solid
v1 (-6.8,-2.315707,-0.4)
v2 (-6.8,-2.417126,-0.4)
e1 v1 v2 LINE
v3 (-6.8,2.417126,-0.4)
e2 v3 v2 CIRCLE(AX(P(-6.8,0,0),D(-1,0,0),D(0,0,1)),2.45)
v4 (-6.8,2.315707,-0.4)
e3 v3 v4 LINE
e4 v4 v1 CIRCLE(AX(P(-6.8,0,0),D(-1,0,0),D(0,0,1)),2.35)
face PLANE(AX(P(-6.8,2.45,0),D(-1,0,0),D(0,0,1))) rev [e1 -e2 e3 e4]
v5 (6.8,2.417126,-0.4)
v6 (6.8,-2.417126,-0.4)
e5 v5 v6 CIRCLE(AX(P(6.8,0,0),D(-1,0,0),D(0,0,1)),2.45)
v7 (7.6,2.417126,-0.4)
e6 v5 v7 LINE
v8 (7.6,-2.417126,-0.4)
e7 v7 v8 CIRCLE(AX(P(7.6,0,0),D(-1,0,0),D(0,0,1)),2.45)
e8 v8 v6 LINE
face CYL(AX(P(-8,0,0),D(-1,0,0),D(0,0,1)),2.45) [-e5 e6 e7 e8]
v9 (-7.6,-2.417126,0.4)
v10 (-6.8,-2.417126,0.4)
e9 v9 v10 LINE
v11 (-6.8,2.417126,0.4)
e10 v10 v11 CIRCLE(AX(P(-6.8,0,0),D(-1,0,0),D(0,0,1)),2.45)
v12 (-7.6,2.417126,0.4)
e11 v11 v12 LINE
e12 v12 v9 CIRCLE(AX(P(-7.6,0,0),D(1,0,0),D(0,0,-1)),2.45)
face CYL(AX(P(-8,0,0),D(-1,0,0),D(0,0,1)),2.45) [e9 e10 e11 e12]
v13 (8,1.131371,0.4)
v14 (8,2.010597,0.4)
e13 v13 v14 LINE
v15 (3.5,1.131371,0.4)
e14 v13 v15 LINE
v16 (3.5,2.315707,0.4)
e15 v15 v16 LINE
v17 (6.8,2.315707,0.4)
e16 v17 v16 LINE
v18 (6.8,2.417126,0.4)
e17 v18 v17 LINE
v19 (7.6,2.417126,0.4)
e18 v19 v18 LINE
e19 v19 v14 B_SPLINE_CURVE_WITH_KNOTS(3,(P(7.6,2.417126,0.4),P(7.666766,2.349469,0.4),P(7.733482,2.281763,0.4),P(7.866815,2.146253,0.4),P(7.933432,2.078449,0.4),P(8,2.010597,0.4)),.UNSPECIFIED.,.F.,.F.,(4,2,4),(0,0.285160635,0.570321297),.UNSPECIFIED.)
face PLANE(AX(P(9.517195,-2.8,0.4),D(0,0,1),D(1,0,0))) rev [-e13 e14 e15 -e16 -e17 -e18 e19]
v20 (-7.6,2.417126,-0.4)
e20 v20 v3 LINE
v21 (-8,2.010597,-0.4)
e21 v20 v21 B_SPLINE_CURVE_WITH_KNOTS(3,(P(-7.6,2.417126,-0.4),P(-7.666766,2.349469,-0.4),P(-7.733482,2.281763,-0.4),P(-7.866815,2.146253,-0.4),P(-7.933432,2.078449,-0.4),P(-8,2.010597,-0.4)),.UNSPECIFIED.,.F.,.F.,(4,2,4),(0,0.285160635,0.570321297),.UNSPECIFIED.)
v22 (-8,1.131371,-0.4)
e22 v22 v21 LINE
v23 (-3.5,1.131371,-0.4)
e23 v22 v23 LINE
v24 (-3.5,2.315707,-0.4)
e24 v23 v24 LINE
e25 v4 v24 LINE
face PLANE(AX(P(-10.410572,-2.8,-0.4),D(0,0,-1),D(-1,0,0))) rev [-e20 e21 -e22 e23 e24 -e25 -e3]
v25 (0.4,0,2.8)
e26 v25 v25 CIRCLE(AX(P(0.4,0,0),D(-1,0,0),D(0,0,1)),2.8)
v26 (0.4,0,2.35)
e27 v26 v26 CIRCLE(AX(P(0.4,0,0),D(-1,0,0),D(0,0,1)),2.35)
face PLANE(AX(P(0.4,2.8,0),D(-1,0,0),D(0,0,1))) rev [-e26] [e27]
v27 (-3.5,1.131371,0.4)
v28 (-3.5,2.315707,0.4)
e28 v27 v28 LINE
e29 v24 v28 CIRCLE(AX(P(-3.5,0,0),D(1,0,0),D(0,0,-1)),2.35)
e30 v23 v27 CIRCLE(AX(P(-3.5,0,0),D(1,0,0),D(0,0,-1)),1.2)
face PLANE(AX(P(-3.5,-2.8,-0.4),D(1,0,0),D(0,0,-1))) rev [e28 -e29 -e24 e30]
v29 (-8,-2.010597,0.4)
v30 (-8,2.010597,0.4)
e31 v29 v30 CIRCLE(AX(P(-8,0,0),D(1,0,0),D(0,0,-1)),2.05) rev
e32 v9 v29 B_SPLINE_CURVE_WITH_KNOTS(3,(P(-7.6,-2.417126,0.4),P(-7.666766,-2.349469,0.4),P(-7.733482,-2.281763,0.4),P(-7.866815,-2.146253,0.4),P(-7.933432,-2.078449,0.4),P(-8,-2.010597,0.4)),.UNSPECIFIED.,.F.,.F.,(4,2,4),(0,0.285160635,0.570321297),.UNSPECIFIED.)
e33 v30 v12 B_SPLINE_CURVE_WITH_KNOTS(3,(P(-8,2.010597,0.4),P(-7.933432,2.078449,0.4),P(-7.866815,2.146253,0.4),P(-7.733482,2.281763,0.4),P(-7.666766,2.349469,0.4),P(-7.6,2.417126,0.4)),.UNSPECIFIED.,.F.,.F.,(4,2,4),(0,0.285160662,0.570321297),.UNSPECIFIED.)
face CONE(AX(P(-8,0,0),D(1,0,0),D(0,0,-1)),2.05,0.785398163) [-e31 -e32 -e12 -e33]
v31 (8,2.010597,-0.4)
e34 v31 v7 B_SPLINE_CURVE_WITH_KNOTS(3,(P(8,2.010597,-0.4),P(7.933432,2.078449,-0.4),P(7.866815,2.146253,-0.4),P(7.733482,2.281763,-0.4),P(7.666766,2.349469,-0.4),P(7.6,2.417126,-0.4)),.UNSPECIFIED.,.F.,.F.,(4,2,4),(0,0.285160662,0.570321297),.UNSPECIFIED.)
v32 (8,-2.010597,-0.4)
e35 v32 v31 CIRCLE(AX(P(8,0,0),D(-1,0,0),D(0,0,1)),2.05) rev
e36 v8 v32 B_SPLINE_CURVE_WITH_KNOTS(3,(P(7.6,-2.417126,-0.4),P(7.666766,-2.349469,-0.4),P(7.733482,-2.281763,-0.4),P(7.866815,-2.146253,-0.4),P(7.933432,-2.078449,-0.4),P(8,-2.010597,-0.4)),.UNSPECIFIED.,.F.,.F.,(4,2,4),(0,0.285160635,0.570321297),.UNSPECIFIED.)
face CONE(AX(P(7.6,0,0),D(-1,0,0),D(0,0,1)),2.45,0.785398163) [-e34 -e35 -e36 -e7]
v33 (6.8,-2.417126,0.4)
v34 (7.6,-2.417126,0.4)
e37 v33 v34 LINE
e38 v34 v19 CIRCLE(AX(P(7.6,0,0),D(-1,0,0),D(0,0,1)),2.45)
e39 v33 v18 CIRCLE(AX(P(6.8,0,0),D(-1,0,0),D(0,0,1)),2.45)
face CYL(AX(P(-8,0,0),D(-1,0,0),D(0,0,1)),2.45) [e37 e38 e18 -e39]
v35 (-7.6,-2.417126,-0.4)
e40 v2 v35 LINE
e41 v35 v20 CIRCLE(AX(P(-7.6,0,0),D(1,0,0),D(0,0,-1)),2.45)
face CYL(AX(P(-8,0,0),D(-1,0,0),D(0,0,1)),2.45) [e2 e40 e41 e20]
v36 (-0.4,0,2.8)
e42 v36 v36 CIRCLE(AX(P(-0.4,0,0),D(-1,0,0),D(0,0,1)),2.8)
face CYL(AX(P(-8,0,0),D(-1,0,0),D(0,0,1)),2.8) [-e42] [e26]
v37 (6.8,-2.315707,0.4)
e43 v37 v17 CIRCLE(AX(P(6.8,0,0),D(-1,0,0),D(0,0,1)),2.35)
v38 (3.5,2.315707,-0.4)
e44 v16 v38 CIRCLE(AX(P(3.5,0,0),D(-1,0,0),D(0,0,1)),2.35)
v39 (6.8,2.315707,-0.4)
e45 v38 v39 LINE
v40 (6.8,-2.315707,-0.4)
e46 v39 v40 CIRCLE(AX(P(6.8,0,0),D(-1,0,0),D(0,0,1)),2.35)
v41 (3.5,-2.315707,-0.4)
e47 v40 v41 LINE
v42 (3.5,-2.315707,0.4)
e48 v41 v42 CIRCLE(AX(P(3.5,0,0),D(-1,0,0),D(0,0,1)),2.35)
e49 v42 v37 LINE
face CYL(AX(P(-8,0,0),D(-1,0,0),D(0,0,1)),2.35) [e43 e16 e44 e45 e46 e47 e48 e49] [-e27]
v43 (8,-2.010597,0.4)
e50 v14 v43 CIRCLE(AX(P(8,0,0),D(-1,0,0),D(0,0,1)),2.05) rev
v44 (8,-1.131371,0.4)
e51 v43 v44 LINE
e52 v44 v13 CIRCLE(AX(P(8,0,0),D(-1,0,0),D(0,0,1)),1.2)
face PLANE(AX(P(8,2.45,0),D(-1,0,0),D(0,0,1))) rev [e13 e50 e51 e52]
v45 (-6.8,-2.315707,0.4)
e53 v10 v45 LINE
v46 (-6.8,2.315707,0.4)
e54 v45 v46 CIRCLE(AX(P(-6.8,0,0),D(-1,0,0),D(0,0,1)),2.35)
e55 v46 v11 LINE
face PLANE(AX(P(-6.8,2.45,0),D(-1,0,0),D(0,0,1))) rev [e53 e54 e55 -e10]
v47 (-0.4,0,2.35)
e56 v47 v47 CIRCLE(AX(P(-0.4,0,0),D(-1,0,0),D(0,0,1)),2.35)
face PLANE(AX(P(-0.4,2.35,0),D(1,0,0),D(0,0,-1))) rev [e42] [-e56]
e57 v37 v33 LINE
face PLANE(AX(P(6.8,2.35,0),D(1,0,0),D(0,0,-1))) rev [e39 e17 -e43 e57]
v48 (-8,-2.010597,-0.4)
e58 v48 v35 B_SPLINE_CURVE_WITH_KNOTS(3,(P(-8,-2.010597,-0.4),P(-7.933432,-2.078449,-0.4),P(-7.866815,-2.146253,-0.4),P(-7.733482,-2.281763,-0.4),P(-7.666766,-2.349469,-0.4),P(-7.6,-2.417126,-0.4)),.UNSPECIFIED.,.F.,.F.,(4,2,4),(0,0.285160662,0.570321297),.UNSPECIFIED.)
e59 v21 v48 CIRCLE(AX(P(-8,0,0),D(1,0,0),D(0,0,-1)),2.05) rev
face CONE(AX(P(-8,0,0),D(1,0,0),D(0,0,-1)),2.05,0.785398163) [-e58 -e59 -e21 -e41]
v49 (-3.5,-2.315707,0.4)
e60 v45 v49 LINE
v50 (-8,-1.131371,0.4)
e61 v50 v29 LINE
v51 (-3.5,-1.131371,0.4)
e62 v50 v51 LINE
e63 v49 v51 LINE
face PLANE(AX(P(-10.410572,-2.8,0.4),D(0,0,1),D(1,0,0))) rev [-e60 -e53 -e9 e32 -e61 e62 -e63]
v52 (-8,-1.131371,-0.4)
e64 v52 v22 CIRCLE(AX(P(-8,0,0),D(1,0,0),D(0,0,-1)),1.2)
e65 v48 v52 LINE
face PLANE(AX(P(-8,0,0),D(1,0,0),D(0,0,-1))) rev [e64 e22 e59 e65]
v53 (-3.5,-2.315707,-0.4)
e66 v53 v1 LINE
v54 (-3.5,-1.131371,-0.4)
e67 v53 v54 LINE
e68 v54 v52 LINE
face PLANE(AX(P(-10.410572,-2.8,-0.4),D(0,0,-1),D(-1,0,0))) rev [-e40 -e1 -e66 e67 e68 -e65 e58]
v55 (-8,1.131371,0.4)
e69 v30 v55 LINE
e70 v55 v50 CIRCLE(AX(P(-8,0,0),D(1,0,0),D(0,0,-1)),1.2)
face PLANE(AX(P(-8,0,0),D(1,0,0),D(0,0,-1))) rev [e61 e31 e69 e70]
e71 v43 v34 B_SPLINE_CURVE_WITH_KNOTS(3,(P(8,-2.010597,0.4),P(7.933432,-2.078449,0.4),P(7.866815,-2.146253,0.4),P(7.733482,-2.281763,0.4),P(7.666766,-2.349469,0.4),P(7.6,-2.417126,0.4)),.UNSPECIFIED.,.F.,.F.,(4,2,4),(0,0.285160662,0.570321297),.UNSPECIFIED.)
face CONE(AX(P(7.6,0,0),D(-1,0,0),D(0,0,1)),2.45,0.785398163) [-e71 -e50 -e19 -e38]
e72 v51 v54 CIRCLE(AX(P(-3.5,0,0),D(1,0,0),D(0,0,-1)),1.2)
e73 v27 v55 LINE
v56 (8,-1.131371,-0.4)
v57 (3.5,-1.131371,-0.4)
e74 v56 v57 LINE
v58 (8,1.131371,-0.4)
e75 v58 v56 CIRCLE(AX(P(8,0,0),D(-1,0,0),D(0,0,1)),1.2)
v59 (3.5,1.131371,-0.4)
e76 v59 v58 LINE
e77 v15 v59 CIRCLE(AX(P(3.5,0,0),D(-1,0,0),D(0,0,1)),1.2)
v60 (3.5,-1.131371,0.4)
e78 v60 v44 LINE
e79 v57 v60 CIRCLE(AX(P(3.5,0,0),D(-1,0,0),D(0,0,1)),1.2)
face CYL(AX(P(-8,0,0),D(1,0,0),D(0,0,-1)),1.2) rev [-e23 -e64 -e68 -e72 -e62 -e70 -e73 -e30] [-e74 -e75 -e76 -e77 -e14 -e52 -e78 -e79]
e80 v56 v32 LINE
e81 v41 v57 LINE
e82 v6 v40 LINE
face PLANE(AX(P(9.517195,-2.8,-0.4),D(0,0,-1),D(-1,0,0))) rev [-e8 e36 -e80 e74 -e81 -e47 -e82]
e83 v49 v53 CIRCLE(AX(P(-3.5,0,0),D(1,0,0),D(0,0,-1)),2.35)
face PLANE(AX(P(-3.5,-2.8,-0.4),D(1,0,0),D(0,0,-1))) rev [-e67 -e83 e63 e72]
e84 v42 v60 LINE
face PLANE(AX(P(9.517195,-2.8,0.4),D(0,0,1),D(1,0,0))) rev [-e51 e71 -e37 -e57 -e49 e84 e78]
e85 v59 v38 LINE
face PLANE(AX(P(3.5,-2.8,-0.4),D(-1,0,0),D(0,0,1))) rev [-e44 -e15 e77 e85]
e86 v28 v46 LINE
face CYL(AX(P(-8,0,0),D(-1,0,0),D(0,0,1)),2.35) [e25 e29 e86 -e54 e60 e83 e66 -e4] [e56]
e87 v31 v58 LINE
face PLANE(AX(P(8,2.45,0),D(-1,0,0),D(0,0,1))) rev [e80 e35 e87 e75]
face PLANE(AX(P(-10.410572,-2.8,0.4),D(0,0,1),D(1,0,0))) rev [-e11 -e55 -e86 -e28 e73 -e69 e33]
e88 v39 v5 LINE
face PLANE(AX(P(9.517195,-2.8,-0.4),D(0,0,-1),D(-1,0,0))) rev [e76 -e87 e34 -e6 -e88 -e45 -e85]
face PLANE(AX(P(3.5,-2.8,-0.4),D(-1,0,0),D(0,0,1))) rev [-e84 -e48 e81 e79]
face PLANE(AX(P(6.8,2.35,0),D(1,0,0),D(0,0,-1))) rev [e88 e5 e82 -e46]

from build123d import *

# Parameters (mm, degrees)
CUT_EXTRUDE1_DEPTH      = 9.926365442
CUT_EXTRUDE1_DEPTH_BACK = 9.926365442
SKETCH2_W               = 6.910571645
SKETCH2_H               = 0.8
SKETCH2_W_2             = 6.017195094
CHAMFER1_SIZE           = 0.4
CUT_EXTRUDE2_DEPTH      = 17.482718222
CUT_EXTRUDE2_DEPTH_BACK = 17.482718222
SKETCH3_R               = 1.2


with BuildPart() as part:
    # Sketch1 → Revolve1 (revolve)
    with BuildSketch(Plane.XY, mode=Mode.PRIVATE) as revolve1_sk:
        Polygon((-8, 0), (-8, 2.45), (-6.8, 2.45), (-6.8, 2.35), (-0.4, 2.35), (-0.4, 2.8), (0.4, 2.8), (0.4, 2.35), (6.8, 2.35), (6.8, 2.45), (8, 2.45), (8, 0), align=None)
    revolve(revolve1_sk.sketch.rotate(Axis((-8, 0, 0), (1, 0, 0)), 90), axis=Axis((-8, 0, 0), (1, 0, 0)))

    # Sketch2 → Cut-Extrude1 (cut, two sides: drawn at the far end of the back side and taken through both)
    with BuildSketch(Plane(origin=(0, 0, 0), x_dir=(1, 0, 0), z_dir=(0, 1, 0)).offset(-CUT_EXTRUDE1_DEPTH_BACK)):
        with Locations((-6.955285823, 0)):
            Rectangle(SKETCH2_W, SKETCH2_H)
        with Locations((6.508597547, 0)):
            Rectangle(SKETCH2_W_2, SKETCH2_H)
    extrude(amount=CUT_EXTRUDE1_DEPTH + CUT_EXTRUDE1_DEPTH_BACK, mode=Mode.SUBTRACT)

    # Chamfer1
    chamfer1_edges = [part.edges().sort_by_distance(p)[0] for p in [
        (8, 0, -2.45),
        (8, 0, 2.45),
        (-8, 0, -2.45),
        (-8, 0, 2.45),
    ]]
    chamfer(chamfer1_edges, length=CHAMFER1_SIZE)

    # Sketch3 → Cut-Extrude2 (cut, two sides: drawn at the far end of the back side and taken through both)
    with BuildSketch(Plane(origin=(8, 0, 0), x_dir=(0, 0, -1), z_dir=(1, 0, 0)).offset(-CUT_EXTRUDE2_DEPTH_BACK)):
        with Locations(Location((0, 0, 0), (0, 0, 289.471220634))):
            Circle(SKETCH3_R)
    extrude(amount=CUT_EXTRUDE2_DEPTH + CUT_EXTRUDE2_DEPTH_BACK, mode=Mode.SUBTRACT)


solid = part.part
